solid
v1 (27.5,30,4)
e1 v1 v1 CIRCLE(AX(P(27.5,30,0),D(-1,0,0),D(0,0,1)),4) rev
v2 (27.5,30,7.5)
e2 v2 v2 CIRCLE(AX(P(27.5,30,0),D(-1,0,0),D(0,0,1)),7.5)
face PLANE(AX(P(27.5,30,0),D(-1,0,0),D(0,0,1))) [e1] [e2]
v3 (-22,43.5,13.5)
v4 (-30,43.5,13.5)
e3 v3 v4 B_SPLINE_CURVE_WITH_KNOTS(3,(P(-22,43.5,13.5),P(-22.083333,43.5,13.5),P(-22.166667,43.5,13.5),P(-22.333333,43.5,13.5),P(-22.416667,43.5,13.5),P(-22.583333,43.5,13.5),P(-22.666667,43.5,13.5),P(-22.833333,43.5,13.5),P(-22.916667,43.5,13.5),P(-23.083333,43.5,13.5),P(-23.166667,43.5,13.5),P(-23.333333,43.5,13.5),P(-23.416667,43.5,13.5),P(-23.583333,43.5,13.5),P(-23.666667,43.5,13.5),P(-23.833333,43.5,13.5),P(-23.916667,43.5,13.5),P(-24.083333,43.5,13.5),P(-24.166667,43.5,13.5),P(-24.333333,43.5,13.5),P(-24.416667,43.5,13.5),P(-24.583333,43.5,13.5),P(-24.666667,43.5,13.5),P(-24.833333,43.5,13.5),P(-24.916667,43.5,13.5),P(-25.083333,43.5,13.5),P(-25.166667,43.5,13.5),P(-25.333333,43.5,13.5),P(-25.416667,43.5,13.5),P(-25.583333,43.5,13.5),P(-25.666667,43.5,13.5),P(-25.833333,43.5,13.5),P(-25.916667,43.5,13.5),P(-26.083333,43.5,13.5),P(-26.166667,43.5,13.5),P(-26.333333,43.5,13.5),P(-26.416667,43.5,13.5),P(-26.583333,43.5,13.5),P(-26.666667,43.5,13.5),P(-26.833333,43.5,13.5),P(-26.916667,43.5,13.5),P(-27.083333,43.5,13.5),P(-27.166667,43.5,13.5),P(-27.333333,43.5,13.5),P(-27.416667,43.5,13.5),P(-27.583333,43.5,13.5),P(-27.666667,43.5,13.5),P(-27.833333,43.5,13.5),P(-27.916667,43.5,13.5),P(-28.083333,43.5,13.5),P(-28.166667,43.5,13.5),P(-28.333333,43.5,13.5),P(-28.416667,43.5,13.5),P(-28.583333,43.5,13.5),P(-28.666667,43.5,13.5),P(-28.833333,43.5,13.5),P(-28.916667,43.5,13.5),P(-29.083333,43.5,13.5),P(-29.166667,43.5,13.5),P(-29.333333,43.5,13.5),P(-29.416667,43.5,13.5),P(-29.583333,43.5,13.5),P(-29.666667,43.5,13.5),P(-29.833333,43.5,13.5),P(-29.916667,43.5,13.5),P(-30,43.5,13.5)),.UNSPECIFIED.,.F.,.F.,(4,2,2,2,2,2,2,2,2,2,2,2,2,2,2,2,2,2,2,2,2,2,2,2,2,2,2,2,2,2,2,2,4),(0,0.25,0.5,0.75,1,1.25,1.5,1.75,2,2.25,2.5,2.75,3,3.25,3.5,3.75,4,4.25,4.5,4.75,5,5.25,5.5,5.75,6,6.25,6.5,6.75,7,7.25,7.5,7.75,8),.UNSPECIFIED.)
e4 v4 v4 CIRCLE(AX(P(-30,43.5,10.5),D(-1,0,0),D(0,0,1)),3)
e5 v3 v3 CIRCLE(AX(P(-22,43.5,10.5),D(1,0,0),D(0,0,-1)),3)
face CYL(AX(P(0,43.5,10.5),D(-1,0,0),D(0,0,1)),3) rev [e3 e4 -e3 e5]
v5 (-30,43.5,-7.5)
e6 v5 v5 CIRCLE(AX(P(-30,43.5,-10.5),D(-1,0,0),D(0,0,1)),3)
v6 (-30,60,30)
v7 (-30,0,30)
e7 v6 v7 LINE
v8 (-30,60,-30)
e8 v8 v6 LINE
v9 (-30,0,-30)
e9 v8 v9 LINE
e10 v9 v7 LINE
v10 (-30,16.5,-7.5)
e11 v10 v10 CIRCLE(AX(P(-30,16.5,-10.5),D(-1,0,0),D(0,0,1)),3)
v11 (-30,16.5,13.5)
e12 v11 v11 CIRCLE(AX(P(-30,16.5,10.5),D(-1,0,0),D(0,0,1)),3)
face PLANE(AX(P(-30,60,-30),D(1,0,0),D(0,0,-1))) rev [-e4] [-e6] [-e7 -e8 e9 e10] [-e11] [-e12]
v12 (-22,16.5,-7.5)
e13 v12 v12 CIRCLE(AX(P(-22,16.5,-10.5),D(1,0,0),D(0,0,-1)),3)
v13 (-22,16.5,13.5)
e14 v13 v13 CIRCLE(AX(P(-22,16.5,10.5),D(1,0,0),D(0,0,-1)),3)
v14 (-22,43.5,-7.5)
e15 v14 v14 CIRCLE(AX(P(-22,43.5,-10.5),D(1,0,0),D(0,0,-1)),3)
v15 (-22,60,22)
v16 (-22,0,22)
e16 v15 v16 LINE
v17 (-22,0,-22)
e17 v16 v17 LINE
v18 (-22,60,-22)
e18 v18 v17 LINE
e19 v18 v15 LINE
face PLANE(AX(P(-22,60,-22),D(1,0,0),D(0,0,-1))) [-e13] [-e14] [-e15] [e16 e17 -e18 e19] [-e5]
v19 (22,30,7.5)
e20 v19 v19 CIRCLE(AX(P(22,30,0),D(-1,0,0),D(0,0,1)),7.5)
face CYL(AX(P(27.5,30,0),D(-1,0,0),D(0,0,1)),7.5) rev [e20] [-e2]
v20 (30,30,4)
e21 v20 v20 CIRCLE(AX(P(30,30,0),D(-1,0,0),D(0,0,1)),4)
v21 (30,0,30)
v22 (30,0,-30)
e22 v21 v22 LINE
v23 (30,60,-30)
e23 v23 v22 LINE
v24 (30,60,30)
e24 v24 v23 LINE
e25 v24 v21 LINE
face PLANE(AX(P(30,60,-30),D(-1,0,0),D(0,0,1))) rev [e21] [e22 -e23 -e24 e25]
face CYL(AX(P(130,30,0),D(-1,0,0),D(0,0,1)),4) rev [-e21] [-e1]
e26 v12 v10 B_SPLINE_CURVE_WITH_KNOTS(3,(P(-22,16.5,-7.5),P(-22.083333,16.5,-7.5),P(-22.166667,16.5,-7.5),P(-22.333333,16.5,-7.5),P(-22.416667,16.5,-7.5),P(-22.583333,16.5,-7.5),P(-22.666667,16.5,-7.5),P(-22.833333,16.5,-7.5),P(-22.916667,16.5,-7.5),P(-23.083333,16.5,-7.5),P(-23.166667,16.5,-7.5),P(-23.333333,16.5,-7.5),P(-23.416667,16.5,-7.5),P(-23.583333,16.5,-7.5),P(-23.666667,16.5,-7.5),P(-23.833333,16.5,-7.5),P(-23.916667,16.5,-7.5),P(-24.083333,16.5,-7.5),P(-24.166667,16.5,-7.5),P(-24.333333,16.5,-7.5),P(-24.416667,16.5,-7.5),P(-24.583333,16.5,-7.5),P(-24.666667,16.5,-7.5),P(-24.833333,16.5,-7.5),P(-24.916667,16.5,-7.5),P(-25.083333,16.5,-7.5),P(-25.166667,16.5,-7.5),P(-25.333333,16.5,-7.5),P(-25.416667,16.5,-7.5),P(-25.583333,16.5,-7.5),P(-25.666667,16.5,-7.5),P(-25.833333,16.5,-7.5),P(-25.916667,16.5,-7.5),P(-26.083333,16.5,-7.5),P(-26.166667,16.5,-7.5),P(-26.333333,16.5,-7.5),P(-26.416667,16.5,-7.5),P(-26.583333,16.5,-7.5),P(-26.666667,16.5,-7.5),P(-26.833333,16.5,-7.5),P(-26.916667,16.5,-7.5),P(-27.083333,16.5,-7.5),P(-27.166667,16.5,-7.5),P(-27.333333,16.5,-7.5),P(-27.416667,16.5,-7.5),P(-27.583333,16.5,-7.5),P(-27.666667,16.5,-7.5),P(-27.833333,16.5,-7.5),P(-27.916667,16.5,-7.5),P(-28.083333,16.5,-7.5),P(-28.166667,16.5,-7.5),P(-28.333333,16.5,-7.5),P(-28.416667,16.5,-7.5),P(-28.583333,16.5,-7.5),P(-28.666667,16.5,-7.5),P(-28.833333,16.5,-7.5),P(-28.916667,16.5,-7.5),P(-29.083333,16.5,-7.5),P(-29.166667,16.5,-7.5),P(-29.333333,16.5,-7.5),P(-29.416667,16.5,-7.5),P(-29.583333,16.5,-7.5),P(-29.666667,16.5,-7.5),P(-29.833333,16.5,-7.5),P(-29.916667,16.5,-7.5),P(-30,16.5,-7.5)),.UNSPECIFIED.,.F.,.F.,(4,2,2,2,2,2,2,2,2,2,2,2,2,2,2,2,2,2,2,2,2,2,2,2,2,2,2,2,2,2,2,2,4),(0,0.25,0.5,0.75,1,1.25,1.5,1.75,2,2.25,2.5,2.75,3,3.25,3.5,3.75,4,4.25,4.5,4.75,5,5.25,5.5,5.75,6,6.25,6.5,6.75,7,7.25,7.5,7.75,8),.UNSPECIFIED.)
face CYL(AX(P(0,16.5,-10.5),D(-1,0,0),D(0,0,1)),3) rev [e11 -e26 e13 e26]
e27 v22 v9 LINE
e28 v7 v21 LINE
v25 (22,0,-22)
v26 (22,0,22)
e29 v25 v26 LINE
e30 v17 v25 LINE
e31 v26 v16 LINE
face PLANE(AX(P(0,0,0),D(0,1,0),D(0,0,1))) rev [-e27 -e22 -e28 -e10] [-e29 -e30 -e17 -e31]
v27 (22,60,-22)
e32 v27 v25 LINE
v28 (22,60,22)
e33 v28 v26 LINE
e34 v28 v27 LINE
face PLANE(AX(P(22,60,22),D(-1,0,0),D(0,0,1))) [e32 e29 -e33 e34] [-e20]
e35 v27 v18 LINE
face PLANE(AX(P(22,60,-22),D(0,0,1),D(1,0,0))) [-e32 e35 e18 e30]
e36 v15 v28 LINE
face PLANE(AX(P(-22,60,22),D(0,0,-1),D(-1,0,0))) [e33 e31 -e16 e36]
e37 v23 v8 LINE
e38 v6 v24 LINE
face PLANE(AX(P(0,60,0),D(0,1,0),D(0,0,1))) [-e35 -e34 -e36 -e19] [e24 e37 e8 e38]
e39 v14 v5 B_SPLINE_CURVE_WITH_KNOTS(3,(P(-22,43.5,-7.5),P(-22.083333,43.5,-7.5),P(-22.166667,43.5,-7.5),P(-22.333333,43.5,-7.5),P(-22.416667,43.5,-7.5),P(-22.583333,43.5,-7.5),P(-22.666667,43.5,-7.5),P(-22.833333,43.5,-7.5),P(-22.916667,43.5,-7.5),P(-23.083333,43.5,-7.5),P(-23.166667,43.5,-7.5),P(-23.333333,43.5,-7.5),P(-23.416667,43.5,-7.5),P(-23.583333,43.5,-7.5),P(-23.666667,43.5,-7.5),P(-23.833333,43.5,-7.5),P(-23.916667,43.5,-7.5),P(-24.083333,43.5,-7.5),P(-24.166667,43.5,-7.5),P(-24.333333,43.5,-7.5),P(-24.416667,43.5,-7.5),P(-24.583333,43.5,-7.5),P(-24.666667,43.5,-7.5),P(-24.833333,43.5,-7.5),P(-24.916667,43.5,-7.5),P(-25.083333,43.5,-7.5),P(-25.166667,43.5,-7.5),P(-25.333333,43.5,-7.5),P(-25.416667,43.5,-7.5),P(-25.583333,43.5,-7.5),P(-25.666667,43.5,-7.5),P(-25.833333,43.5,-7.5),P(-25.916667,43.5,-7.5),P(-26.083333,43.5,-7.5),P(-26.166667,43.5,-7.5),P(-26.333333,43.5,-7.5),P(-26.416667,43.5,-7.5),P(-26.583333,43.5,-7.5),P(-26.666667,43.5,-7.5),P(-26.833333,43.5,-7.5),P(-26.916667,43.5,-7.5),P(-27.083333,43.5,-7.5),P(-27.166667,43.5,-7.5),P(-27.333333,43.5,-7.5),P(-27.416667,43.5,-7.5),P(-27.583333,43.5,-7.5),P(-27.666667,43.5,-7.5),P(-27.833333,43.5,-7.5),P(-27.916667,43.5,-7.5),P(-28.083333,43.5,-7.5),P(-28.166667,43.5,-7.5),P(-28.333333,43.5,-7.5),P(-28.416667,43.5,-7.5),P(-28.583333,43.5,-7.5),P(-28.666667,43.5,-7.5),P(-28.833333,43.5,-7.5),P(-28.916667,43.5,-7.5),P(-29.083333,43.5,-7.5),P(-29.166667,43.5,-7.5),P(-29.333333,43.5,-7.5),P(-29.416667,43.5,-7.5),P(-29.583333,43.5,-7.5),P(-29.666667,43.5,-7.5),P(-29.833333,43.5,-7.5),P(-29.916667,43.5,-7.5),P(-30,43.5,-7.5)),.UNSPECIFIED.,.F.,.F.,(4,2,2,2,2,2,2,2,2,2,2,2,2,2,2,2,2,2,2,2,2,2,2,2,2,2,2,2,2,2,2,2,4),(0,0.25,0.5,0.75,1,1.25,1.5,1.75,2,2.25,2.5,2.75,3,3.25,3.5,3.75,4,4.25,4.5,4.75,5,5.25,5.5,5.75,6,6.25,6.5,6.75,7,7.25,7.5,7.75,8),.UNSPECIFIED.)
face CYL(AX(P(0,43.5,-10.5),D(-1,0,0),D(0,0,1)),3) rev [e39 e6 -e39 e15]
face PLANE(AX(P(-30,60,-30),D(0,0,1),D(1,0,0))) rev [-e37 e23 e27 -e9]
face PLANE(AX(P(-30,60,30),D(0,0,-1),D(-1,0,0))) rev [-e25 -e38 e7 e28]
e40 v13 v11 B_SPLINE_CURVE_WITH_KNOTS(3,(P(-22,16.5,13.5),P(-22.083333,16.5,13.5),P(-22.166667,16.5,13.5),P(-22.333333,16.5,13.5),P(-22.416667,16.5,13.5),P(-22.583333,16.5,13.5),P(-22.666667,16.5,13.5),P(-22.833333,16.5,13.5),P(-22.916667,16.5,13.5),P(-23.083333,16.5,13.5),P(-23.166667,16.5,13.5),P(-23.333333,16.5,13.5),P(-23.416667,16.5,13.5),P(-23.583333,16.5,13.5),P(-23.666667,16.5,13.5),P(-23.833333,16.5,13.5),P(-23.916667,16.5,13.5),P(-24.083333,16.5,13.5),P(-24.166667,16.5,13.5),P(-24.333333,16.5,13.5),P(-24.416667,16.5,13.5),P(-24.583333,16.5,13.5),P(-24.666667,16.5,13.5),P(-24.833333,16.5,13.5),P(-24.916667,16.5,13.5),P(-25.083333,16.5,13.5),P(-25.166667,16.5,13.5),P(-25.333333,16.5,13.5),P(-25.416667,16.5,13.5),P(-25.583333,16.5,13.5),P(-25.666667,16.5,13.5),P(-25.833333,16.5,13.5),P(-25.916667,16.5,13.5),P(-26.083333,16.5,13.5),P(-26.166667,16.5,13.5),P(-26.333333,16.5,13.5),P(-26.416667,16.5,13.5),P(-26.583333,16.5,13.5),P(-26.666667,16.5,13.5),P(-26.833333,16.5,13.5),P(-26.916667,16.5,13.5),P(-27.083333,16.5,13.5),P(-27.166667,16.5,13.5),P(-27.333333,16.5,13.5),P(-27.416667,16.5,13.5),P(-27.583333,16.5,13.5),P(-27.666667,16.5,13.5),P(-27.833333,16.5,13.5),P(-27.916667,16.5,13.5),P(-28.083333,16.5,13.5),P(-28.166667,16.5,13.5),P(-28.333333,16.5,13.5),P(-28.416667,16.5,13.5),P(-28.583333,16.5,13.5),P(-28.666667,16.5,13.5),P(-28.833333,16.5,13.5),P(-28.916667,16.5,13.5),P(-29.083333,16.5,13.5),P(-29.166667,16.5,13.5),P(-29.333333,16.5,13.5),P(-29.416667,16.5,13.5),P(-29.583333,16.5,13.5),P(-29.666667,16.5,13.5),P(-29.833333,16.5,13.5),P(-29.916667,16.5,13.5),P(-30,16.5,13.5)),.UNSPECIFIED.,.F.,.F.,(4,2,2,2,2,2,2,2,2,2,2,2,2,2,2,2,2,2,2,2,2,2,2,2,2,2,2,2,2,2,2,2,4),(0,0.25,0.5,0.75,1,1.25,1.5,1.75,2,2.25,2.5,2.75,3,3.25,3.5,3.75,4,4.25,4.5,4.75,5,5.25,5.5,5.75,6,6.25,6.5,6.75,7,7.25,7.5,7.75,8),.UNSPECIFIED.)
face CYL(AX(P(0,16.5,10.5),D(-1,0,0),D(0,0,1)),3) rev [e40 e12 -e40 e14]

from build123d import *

# Parameters (mm, degrees)
SKETCH1_W           = 60
SKETCH1_H           = 60
BOSS_EXTRUDE1_DEPTH = 60
CUT_EXTRUDE1_DEPTH  = 108
SKETCH2_R           = 4
CUT_EXTRUDE2_DEPTH  = 108
CUT_EXTRUDE3_DEPTH  = 30
SKETCH4_R           = 7.5
CUT_EXTRUDE4_DEPTH  = 5.5


with BuildPart() as part:
    # Sketch1 → Boss-Extrude1 (new body)
    with BuildSketch(Plane(origin=(0, 0, 0), x_dir=(1, 0, 0), z_dir=(0, 1, 0))):
        Rectangle(SKETCH1_W, SKETCH1_H)
    extrude(amount=BOSS_EXTRUDE1_DEPTH)

    # 3DSketch1 → Cut-Extrude1 (cut)
    with BuildSketch(Plane(origin=(-22, 60, -22), x_dir=(0.7071067811865481, 0, 0.707106781186547), z_dir=(0, 1, 0))):
        Polygon((0, 0), (31.112698372, -31.112698372), (62.225396744, 0), (31.112698372, 31.112698372), align=None)
    extrude(amount=-CUT_EXTRUDE1_DEPTH, mode=Mode.SUBTRACT)

    # Sketch2 → Cut-Extrude2 (cut)
    with BuildSketch(Plane.ZY.offset(-22)):
        with Locations((0, 30)):
            Circle(SKETCH2_R)
    extrude(amount=-CUT_EXTRUDE2_DEPTH, mode=Mode.SUBTRACT)

    # Sketch3 → Cut-Extrude3 (cut)
    with BuildSketch(Plane.ZY.offset(30)):
        with BuildLine():
            Line((-10.5, 40.5), (-10.5, 43.5))
            Line((-10.5, 43.5), (-7.5, 43.5))
            ThreePointArc((-7.5, 43.5), (-12.621320344, 45.621320344), (-10.5, 40.5))
        make_face()
        with BuildLine():
            Line((-7.5, 43.5), (-10.5, 43.5))
            Line((-10.5, 43.5), (-10.5, 40.5))
            ThreePointArc((-10.5, 40.5), (-8.378679656, 41.378679656), (-7.5, 43.5))
        make_face()
        with BuildLine():
            ThreePointArc((13.5, 43.5), (10.5, 46.5), (7.5, 43.5))
            Line((7.5, 43.5), (10.5, 43.5))
            Line((10.5, 43.5), (10.5, 40.5))
            ThreePointArc((10.5, 40.5), (12.621320344, 41.378679656), (13.5, 43.5))
        make_face()
        with BuildLine():
            Line((10.5, 43.5), (7.5, 43.5))
            ThreePointArc((7.5, 43.5), (8.378679656, 41.378679656), (10.5, 40.5))
            Line((10.5, 40.5), (10.5, 43.5))
        make_face()
        with BuildLine():
            ThreePointArc((13.5, 16.5), (12.621320344, 18.621320344), (10.5, 19.5))
            Line((10.5, 19.5), (10.5, 16.5))
            Line((10.5, 16.5), (7.5, 16.5))
            ThreePointArc((7.5, 16.5), (10.5, 13.5), (13.5, 16.5))
        make_face()
        with BuildLine():
            Line((10.5, 16.5), (10.5, 19.5))
            ThreePointArc((10.5, 19.5), (8.378679656, 18.621320344), (7.5, 16.5))
            Line((7.5, 16.5), (10.5, 16.5))
        make_face()
        with BuildLine():
            ThreePointArc((-7.5, 16.5), (-8.378679656, 18.621320344), (-10.5, 19.5))
            Line((-10.5, 19.5), (-10.5, 16.5))
            Line((-10.5, 16.5), (-7.5, 16.5))
        make_face()
        with BuildLine():
            Line((-10.5, 16.5), (-10.5, 19.5))
            ThreePointArc((-10.5, 19.5), (-12.621320344, 14.378679656), (-7.5, 16.5))
            Line((-7.5, 16.5), (-10.5, 16.5))
        make_face()
    extrude(amount=-CUT_EXTRUDE3_DEPTH, mode=Mode.SUBTRACT)

    # Sketch4 → Cut-Extrude4 (cut)
    with BuildSketch(Plane.ZY.offset(-22)):
        with Locations((0, 30)):
            Circle(SKETCH4_R)
    extrude(amount=-CUT_EXTRUDE4_DEPTH, mode=Mode.SUBTRACT)


solid = part.part
